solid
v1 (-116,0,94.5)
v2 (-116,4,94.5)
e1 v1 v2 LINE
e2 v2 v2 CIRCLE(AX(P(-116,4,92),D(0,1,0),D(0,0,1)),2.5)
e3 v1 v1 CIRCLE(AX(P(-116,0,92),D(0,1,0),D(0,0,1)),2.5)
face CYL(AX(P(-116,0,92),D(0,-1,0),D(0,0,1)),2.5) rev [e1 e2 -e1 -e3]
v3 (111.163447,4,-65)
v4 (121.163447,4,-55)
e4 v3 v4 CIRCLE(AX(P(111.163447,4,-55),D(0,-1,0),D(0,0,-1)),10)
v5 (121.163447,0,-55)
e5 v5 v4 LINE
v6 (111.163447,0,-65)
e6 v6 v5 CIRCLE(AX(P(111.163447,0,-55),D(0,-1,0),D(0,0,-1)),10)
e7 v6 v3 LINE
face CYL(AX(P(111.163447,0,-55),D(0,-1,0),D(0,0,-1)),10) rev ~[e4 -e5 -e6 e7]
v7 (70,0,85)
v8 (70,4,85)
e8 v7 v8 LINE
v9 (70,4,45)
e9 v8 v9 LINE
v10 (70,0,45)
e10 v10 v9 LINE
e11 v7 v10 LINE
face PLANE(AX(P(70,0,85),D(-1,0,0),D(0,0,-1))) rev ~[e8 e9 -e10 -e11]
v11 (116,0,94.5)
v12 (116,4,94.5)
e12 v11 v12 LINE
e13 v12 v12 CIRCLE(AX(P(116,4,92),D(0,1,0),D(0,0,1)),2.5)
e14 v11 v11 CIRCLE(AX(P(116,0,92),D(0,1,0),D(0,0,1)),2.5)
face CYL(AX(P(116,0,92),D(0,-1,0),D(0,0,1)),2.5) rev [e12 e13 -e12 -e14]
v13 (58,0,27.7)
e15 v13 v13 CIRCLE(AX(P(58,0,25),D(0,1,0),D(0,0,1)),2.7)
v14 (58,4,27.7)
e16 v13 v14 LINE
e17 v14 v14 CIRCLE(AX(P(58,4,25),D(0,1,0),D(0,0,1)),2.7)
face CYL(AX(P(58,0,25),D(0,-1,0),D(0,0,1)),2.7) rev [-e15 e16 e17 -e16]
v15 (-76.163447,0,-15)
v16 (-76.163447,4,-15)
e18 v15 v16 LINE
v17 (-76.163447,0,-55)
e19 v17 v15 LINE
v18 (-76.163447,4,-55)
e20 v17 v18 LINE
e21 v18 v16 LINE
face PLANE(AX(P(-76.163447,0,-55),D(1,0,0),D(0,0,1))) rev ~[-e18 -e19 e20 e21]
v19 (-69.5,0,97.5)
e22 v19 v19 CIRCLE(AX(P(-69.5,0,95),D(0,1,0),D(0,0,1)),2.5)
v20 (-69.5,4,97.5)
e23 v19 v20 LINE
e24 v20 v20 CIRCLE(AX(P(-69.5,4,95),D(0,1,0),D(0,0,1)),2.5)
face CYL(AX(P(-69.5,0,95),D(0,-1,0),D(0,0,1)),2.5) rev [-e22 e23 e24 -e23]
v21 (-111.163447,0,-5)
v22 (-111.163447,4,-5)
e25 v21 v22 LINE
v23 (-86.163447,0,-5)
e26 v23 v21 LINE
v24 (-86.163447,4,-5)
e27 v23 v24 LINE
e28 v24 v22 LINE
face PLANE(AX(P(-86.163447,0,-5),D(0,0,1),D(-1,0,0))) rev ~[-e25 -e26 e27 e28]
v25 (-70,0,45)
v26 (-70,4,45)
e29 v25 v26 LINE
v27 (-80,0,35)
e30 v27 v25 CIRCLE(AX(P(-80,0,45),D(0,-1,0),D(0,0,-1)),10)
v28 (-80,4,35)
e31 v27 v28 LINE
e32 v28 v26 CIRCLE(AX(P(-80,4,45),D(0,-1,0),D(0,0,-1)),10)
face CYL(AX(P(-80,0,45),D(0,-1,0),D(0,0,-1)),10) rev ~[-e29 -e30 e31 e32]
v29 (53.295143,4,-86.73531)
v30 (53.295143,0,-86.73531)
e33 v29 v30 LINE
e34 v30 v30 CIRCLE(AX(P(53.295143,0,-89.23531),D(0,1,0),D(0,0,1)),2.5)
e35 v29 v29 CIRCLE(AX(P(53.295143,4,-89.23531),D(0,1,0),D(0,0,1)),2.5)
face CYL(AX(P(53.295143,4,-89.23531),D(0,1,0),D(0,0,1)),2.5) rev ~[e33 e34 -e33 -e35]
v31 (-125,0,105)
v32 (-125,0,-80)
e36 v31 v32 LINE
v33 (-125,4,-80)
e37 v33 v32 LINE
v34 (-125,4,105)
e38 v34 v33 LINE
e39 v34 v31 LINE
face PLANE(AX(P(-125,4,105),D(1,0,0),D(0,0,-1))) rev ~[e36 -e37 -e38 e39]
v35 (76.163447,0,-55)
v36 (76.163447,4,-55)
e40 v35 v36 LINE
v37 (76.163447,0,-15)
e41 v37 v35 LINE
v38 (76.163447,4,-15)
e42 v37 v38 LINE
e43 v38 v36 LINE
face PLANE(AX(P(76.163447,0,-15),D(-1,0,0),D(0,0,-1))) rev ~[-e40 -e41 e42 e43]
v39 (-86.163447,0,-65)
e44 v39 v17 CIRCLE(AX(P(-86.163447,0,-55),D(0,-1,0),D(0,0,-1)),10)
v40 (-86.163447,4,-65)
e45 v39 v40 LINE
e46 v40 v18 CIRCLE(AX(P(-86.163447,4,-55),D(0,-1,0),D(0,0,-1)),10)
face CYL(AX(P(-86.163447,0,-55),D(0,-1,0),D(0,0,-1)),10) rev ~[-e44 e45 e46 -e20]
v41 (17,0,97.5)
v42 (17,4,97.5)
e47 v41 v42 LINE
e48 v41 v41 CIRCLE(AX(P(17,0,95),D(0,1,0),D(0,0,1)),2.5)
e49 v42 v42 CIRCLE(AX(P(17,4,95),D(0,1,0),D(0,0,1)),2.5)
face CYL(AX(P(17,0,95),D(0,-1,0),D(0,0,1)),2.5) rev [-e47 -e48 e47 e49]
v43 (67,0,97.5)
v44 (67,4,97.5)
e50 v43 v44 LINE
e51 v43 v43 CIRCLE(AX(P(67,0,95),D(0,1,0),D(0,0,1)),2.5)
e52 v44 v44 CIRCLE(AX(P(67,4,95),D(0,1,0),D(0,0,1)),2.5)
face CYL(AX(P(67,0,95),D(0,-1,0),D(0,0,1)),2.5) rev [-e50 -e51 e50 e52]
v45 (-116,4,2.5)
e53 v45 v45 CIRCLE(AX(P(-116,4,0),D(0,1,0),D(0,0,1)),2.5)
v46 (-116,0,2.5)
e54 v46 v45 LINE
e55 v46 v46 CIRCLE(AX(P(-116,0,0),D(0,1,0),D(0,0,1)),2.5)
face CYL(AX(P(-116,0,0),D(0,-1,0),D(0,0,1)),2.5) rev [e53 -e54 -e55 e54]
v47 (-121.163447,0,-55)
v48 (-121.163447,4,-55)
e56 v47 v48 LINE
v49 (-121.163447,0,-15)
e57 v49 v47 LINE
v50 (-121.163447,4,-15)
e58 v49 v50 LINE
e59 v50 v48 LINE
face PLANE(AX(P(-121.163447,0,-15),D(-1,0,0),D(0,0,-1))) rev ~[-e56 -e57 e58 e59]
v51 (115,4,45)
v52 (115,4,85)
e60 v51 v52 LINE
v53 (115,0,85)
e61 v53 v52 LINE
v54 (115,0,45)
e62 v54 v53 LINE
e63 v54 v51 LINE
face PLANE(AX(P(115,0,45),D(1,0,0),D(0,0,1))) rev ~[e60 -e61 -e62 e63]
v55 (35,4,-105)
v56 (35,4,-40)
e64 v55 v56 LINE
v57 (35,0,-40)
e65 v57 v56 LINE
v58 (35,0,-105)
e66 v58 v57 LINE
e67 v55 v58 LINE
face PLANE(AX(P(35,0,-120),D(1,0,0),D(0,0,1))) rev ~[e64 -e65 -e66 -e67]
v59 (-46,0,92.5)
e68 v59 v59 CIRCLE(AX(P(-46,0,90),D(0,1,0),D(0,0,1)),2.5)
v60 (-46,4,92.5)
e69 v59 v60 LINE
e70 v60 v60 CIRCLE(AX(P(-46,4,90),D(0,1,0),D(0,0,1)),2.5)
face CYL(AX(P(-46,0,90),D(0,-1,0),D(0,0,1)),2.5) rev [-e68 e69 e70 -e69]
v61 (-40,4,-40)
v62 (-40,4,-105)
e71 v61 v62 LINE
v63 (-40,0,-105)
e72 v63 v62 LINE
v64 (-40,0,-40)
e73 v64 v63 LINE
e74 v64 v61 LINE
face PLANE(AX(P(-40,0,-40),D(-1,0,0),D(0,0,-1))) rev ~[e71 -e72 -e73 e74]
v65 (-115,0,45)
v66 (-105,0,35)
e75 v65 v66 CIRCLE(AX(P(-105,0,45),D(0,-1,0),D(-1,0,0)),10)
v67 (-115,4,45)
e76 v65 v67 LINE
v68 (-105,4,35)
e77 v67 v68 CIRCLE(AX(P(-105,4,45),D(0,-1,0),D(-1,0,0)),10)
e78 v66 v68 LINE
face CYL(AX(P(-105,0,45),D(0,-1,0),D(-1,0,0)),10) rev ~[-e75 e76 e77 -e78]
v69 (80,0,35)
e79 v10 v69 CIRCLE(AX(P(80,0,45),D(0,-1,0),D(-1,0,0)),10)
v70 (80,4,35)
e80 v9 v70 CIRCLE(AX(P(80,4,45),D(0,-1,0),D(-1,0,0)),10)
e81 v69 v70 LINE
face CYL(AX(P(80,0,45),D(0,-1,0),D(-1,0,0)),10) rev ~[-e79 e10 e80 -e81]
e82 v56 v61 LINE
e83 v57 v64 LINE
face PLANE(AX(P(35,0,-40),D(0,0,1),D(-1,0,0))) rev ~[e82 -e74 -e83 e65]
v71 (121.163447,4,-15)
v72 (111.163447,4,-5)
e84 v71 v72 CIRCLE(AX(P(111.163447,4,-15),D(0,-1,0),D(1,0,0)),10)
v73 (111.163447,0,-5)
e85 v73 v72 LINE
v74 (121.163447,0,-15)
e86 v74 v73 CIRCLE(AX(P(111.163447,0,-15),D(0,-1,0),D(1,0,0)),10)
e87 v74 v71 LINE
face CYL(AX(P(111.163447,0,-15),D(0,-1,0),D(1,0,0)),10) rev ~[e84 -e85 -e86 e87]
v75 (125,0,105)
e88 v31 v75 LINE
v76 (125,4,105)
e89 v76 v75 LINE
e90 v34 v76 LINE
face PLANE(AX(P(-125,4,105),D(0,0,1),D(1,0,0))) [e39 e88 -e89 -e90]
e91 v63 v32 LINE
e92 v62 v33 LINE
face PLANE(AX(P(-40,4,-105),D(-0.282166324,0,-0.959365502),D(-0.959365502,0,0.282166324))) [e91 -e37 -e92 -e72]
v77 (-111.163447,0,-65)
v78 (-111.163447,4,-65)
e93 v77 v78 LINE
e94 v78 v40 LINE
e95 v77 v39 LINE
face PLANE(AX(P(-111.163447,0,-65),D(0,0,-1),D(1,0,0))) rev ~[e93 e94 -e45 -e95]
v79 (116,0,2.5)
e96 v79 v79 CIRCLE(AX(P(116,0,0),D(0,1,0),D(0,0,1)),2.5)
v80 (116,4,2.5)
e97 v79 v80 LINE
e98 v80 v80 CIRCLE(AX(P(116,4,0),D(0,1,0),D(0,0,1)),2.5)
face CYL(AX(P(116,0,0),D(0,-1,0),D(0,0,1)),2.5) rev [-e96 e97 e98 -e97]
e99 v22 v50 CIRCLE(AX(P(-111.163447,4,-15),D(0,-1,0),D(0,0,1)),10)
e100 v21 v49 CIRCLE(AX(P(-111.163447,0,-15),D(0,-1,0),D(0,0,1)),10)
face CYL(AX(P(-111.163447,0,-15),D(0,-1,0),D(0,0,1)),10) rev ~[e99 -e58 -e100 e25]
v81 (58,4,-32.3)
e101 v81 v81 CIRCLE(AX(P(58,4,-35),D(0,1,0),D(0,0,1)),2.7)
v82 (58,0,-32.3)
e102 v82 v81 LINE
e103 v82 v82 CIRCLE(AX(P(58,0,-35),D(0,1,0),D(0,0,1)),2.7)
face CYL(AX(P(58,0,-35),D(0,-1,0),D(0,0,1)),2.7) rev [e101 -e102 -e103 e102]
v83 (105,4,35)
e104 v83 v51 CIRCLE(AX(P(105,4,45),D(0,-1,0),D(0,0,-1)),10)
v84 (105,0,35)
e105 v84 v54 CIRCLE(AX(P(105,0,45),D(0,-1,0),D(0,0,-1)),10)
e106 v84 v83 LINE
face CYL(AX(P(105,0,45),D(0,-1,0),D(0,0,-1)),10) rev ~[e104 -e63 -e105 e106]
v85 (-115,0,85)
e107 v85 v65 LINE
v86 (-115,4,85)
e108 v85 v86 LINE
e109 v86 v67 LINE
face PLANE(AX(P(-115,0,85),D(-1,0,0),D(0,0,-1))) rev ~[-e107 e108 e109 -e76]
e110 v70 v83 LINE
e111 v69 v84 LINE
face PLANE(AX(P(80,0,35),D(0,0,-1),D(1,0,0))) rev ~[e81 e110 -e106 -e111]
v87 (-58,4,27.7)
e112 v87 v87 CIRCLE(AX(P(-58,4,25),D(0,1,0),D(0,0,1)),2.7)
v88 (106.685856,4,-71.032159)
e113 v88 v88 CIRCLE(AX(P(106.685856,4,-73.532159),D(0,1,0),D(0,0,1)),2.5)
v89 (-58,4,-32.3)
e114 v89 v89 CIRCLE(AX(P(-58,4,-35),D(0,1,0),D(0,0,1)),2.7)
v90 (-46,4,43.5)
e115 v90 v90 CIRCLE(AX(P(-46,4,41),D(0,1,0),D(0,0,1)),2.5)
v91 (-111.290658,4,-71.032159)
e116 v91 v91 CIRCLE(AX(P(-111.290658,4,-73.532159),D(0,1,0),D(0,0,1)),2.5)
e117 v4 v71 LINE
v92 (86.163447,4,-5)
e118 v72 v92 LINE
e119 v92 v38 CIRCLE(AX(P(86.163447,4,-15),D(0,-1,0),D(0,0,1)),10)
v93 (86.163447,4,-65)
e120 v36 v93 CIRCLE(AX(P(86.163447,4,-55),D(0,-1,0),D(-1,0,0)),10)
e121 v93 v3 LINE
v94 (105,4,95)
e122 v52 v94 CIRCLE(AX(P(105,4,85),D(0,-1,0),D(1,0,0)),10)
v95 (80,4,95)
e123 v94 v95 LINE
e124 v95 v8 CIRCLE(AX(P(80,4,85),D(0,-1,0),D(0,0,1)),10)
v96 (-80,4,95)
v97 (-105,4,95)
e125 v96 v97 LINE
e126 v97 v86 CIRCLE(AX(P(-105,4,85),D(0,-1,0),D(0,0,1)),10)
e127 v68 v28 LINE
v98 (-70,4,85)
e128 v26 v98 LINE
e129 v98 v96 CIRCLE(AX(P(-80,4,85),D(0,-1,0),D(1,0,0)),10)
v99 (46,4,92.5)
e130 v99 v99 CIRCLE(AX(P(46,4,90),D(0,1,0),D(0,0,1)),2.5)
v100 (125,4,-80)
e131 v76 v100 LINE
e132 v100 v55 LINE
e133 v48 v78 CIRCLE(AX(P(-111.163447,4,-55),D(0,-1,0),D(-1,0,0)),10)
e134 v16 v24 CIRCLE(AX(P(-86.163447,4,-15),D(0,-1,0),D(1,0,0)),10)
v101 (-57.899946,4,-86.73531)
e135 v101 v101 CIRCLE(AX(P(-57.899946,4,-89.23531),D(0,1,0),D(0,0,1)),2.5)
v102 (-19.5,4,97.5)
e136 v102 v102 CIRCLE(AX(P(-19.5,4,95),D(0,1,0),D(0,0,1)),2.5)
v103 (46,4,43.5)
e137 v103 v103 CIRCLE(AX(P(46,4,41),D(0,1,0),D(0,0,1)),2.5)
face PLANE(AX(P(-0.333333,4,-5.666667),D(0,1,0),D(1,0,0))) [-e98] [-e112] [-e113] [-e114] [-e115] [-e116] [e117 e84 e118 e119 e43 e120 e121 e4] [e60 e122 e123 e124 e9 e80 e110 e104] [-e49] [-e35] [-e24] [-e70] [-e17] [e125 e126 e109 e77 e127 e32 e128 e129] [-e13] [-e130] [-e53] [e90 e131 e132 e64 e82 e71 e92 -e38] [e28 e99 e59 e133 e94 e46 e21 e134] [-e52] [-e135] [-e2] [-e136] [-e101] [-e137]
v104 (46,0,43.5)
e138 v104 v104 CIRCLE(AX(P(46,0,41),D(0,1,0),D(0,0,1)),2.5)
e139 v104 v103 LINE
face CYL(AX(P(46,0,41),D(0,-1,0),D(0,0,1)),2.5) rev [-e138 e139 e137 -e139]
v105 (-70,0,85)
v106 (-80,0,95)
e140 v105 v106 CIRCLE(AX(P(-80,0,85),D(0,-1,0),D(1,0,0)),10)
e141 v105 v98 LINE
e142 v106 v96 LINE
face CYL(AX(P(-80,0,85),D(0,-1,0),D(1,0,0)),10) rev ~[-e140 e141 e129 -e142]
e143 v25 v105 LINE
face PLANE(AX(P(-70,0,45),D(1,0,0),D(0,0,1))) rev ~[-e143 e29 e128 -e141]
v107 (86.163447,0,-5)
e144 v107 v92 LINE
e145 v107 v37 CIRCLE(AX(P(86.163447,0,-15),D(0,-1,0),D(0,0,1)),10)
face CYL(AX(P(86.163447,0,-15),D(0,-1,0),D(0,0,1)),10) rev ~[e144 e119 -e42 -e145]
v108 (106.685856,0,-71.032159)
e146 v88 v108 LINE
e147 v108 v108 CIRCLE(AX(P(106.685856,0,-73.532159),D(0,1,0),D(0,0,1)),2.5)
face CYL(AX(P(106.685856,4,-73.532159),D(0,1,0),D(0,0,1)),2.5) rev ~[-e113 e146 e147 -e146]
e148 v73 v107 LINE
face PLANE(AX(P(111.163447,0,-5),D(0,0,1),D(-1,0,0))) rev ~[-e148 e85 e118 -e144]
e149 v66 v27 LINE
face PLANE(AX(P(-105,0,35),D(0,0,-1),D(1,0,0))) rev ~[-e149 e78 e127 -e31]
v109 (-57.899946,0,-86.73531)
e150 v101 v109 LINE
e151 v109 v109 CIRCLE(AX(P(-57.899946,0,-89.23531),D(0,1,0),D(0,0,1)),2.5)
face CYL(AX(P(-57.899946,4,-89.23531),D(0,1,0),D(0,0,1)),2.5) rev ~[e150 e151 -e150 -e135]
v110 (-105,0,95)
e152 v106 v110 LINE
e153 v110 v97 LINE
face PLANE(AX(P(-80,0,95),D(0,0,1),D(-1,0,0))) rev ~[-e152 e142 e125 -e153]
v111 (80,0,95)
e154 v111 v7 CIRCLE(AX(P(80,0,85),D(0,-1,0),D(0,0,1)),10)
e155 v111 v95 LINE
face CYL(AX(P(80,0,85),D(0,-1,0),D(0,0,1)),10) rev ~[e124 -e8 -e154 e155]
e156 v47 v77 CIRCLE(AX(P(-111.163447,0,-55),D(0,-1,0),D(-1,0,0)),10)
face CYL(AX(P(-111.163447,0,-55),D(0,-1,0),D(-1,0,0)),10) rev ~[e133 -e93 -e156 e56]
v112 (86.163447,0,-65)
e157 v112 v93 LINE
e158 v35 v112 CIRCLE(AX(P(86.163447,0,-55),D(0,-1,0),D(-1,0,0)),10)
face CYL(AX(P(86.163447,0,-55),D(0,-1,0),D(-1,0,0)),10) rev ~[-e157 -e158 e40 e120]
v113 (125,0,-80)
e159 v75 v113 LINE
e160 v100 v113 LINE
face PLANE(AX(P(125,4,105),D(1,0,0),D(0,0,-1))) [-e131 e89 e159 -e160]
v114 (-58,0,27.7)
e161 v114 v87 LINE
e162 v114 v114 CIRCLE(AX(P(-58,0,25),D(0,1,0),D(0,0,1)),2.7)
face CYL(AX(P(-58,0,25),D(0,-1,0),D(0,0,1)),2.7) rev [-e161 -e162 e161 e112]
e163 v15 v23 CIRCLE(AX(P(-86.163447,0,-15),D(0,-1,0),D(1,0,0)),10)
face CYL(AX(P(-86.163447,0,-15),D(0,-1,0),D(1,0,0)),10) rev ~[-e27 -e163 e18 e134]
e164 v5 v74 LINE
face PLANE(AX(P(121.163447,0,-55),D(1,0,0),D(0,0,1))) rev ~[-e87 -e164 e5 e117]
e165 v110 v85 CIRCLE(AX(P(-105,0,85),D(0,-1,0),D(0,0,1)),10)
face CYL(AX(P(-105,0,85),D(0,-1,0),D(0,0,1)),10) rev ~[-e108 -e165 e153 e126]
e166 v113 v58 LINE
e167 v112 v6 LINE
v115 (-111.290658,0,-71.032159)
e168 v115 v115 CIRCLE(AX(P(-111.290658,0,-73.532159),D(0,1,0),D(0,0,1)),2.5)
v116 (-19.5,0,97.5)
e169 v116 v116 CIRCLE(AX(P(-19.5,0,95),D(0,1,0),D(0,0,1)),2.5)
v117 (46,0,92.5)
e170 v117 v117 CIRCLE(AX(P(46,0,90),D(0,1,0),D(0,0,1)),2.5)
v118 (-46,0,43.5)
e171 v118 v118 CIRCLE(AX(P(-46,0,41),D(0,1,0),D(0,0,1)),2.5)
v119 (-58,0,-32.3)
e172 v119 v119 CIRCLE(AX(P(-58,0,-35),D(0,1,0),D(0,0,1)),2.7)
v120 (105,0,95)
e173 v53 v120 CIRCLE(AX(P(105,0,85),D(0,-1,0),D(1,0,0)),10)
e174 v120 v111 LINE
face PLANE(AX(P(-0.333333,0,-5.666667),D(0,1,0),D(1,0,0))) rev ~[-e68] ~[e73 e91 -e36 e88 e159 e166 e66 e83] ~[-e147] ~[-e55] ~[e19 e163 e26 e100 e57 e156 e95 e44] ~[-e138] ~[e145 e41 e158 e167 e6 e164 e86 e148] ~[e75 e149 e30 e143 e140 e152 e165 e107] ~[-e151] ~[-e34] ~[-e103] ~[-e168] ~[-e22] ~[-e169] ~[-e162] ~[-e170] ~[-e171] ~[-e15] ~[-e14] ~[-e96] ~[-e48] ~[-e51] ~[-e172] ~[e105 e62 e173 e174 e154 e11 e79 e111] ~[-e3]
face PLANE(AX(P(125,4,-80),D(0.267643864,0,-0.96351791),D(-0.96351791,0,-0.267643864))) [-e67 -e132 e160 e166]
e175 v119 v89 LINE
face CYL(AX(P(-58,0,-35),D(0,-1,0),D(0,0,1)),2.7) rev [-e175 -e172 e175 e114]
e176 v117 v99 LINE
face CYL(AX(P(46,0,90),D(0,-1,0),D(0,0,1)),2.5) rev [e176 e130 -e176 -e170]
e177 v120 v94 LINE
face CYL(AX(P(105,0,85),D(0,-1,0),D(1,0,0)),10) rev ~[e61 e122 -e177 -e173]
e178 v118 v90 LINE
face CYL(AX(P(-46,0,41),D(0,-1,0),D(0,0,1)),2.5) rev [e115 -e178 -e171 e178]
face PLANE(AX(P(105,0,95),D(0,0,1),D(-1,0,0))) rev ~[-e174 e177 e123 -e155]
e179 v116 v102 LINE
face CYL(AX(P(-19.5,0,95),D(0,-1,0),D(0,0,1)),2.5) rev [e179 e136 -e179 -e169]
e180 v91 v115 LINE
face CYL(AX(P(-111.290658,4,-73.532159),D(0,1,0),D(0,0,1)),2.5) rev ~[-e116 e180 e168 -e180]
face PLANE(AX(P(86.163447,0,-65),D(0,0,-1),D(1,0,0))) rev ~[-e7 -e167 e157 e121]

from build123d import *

# Parameters (mm, degrees)
SKETCH1_R           = 2.5
SKETCH1_R_2         = 2.7
BOSS_EXTRUDE1_DEPTH = 4
SKETCH4_W           = 280
SKETCH4_H           = 240
SKETCH4_W_2         = 250
SKETCH4_H_2         = 210
CUT_EXTRUDE2_DEPTH  = 10
SKETCH5_R           = 2.5
CUT_EXTRUDE3_DEPTH  = 10


with BuildPart() as part:
    # Sketch1 → Boss-Extrude1 (new body)
    with BuildSketch(Plane(origin=(0, 0, 0), x_dir=(1, 0, 0), z_dir=(0, 1, 0))):
        Polygon((-140, 120), (-140, -120), (140, -120), (140, 120), (35, 120), (35, 40), (-40, 40), (-40, 120), align=None)
        with Locations(Location((-116, -92, 0), (0, 0, 270))):
            Circle(SKETCH1_R, mode=Mode.SUBTRACT)
        with BuildLine():
            ThreePointArc((-70, -85), (-72.928932188, -92.071067812), (-80, -95))
            Line((-80, -95), (-105, -95))
            ThreePointArc((-105, -95), (-112.071067812, -92.071067812), (-115, -85))
            Line((-115, -85), (-115, -45))
            ThreePointArc((-115, -45), (-112.071067812, -37.928932188), (-105, -35))
            Line((-105, -35), (-80, -35))
            ThreePointArc((-80, -35), (-72.928932188, -37.928932188), (-70, -45))
            Line((-70, -45), (-70, -85))
        make_face(mode=Mode.SUBTRACT)
        with Locations(Location((-69.5, -95, 0), (0, 0, 270))):
            Circle(SKETCH1_R, mode=Mode.SUBTRACT)
        with Locations(Location((-19.5, -95, 0), (0, 0, 270))):
            Circle(SKETCH1_R, mode=Mode.SUBTRACT)
        with Locations(Location((-46, -90, 0), (0, 0, 270))):
            Circle(SKETCH1_R, mode=Mode.SUBTRACT)
        with Locations(Location((-116, 0, 0), (0, 0, 270))):
            Circle(SKETCH1_R, mode=Mode.SUBTRACT)
        with Locations(Location((-46, -41, 0), (0, 0, 270))):
            Circle(SKETCH1_R, mode=Mode.SUBTRACT)
        with Locations(Location((-58, -25, 0), (0, 0, 270))):
            Circle(SKETCH1_R_2, mode=Mode.SUBTRACT)
        with Locations(Location((17, -95, 0), (0, 0, 270))):
            Circle(SKETCH1_R, mode=Mode.SUBTRACT)
        with Locations(Location((67, -95, 0), (0, 0, 270))):
            Circle(SKETCH1_R, mode=Mode.SUBTRACT)
        with Locations(Location((46, -90, 0), (0, 0, 270))):
            Circle(SKETCH1_R, mode=Mode.SUBTRACT)
        with Locations(Location((116, -92, 0), (0, 0, 270))):
            Circle(SKETCH1_R, mode=Mode.SUBTRACT)
        with BuildLine():
            ThreePointArc((70, -45), (72.928932188, -37.928932188), (80, -35))
            Line((80, -35), (105, -35))
            ThreePointArc((105, -35), (112.071067812, -37.928932188), (115, -45))
            Line((115, -45), (115, -85))
            ThreePointArc((115, -85), (112.071067812, -92.071067812), (105, -95))
            Line((105, -95), (80, -95))
            ThreePointArc((80, -95), (72.928932188, -92.071067812), (70, -85))
            Line((70, -85), (70, -45))
        make_face(mode=Mode.SUBTRACT)
        with Locations(Location((46, -41, 0), (0, 0, 270))):
            Circle(SKETCH1_R, mode=Mode.SUBTRACT)
        with Locations(Location((58, -25, 0), (0, 0, 270))):
            Circle(SKETCH1_R_2, mode=Mode.SUBTRACT)
        with Locations(Location((116, 0, 0), (0, 0, 270))):
            Circle(SKETCH1_R, mode=Mode.SUBTRACT)
        with BuildLine():
            Line((-111.163447186, 65), (-86.163447186, 65))
            ThreePointArc((-86.163447186, 65), (-79.092379374, 62.071067812), (-76.163447186, 55))
            Line((-76.163447186, 55), (-76.163447186, 15))
            ThreePointArc((-76.163447186, 15), (-79.092379374, 7.928932188), (-86.163447186, 5))
            Line((-86.163447186, 5), (-111.163447186, 5))
            ThreePointArc((-111.163447186, 5), (-118.234514998, 7.928932188), (-121.163447186, 15))
            Line((-121.163447186, 15), (-121.163447186, 55))
            ThreePointArc((-121.163447186, 55), (-118.234514998, 62.071067812), (-111.163447186, 65))
        make_face(mode=Mode.SUBTRACT)
        with Locations(Location((-58, 35, 0), (0, 0, 270))):
            Circle(SKETCH1_R_2, mode=Mode.SUBTRACT)
        with Locations(Location((58, 35, 0), (0, 0, 270))):
            Circle(SKETCH1_R_2, mode=Mode.SUBTRACT)
        with BuildLine():
            Line((76.163447186, 15), (76.163447186, 55))
            ThreePointArc((76.163447186, 55), (79.092379374, 62.071067812), (86.163447186, 65))
            Line((86.163447186, 65), (111.163447186, 65))
            ThreePointArc((111.163447186, 65), (118.234514998, 62.071067812), (121.163447186, 55))
            Line((121.163447186, 55), (121.163447186, 15))
            ThreePointArc((121.163447186, 15), (118.234514998, 7.928932188), (111.163447186, 5))
            Line((111.163447186, 5), (86.163447186, 5))
            ThreePointArc((86.163447186, 5), (79.092379374, 7.928932188), (76.163447186, 15))
        make_face(mode=Mode.SUBTRACT)
    extrude(amount=BOSS_EXTRUDE1_DEPTH)

    # Sketch4 → Cut-Extrude2 (cut)
    with BuildSketch(Plane(origin=(0, 4, 0), x_dir=(1, 0, 0), z_dir=(0, 1, 0))):
        Rectangle(SKETCH4_W, SKETCH4_H)
        Rectangle(SKETCH4_W_2, SKETCH4_H_2, mode=Mode.SUBTRACT)
    extrude(amount=-CUT_EXTRUDE2_DEPTH, mode=Mode.SUBTRACT)

    # Sketch5 → Cut-Extrude3 (cut)
    with BuildSketch(Plane(origin=(0, 4, 0), x_dir=(1, 0, 0), z_dir=(0, 1, 0))):
        with Locations(Location((-111.290658089, 73.532159386, 0), (0, 0, 270))):
            Circle(SKETCH5_R)
        with Locations(Location((-57.899945704, 89.235310087, 0), (0, 0, 270))):
            Circle(SKETCH5_R)
        with Locations(Location((53.295143169, 89.235310087, 0), (0, 0, 270))):
            Circle(SKETCH5_R)
        with Locations(Location((106.685855553, 73.532159386, 0), (0, 0, 270))):
            Circle(SKETCH5_R)
        Polygon((-40, 105), (-125, 80), (-125, 105), align=None)
        Polygon((35, 105), (125, 105), (125, 80), align=None)
    extrude(amount=-CUT_EXTRUDE3_DEPTH, mode=Mode.SUBTRACT)


solid = part.part
